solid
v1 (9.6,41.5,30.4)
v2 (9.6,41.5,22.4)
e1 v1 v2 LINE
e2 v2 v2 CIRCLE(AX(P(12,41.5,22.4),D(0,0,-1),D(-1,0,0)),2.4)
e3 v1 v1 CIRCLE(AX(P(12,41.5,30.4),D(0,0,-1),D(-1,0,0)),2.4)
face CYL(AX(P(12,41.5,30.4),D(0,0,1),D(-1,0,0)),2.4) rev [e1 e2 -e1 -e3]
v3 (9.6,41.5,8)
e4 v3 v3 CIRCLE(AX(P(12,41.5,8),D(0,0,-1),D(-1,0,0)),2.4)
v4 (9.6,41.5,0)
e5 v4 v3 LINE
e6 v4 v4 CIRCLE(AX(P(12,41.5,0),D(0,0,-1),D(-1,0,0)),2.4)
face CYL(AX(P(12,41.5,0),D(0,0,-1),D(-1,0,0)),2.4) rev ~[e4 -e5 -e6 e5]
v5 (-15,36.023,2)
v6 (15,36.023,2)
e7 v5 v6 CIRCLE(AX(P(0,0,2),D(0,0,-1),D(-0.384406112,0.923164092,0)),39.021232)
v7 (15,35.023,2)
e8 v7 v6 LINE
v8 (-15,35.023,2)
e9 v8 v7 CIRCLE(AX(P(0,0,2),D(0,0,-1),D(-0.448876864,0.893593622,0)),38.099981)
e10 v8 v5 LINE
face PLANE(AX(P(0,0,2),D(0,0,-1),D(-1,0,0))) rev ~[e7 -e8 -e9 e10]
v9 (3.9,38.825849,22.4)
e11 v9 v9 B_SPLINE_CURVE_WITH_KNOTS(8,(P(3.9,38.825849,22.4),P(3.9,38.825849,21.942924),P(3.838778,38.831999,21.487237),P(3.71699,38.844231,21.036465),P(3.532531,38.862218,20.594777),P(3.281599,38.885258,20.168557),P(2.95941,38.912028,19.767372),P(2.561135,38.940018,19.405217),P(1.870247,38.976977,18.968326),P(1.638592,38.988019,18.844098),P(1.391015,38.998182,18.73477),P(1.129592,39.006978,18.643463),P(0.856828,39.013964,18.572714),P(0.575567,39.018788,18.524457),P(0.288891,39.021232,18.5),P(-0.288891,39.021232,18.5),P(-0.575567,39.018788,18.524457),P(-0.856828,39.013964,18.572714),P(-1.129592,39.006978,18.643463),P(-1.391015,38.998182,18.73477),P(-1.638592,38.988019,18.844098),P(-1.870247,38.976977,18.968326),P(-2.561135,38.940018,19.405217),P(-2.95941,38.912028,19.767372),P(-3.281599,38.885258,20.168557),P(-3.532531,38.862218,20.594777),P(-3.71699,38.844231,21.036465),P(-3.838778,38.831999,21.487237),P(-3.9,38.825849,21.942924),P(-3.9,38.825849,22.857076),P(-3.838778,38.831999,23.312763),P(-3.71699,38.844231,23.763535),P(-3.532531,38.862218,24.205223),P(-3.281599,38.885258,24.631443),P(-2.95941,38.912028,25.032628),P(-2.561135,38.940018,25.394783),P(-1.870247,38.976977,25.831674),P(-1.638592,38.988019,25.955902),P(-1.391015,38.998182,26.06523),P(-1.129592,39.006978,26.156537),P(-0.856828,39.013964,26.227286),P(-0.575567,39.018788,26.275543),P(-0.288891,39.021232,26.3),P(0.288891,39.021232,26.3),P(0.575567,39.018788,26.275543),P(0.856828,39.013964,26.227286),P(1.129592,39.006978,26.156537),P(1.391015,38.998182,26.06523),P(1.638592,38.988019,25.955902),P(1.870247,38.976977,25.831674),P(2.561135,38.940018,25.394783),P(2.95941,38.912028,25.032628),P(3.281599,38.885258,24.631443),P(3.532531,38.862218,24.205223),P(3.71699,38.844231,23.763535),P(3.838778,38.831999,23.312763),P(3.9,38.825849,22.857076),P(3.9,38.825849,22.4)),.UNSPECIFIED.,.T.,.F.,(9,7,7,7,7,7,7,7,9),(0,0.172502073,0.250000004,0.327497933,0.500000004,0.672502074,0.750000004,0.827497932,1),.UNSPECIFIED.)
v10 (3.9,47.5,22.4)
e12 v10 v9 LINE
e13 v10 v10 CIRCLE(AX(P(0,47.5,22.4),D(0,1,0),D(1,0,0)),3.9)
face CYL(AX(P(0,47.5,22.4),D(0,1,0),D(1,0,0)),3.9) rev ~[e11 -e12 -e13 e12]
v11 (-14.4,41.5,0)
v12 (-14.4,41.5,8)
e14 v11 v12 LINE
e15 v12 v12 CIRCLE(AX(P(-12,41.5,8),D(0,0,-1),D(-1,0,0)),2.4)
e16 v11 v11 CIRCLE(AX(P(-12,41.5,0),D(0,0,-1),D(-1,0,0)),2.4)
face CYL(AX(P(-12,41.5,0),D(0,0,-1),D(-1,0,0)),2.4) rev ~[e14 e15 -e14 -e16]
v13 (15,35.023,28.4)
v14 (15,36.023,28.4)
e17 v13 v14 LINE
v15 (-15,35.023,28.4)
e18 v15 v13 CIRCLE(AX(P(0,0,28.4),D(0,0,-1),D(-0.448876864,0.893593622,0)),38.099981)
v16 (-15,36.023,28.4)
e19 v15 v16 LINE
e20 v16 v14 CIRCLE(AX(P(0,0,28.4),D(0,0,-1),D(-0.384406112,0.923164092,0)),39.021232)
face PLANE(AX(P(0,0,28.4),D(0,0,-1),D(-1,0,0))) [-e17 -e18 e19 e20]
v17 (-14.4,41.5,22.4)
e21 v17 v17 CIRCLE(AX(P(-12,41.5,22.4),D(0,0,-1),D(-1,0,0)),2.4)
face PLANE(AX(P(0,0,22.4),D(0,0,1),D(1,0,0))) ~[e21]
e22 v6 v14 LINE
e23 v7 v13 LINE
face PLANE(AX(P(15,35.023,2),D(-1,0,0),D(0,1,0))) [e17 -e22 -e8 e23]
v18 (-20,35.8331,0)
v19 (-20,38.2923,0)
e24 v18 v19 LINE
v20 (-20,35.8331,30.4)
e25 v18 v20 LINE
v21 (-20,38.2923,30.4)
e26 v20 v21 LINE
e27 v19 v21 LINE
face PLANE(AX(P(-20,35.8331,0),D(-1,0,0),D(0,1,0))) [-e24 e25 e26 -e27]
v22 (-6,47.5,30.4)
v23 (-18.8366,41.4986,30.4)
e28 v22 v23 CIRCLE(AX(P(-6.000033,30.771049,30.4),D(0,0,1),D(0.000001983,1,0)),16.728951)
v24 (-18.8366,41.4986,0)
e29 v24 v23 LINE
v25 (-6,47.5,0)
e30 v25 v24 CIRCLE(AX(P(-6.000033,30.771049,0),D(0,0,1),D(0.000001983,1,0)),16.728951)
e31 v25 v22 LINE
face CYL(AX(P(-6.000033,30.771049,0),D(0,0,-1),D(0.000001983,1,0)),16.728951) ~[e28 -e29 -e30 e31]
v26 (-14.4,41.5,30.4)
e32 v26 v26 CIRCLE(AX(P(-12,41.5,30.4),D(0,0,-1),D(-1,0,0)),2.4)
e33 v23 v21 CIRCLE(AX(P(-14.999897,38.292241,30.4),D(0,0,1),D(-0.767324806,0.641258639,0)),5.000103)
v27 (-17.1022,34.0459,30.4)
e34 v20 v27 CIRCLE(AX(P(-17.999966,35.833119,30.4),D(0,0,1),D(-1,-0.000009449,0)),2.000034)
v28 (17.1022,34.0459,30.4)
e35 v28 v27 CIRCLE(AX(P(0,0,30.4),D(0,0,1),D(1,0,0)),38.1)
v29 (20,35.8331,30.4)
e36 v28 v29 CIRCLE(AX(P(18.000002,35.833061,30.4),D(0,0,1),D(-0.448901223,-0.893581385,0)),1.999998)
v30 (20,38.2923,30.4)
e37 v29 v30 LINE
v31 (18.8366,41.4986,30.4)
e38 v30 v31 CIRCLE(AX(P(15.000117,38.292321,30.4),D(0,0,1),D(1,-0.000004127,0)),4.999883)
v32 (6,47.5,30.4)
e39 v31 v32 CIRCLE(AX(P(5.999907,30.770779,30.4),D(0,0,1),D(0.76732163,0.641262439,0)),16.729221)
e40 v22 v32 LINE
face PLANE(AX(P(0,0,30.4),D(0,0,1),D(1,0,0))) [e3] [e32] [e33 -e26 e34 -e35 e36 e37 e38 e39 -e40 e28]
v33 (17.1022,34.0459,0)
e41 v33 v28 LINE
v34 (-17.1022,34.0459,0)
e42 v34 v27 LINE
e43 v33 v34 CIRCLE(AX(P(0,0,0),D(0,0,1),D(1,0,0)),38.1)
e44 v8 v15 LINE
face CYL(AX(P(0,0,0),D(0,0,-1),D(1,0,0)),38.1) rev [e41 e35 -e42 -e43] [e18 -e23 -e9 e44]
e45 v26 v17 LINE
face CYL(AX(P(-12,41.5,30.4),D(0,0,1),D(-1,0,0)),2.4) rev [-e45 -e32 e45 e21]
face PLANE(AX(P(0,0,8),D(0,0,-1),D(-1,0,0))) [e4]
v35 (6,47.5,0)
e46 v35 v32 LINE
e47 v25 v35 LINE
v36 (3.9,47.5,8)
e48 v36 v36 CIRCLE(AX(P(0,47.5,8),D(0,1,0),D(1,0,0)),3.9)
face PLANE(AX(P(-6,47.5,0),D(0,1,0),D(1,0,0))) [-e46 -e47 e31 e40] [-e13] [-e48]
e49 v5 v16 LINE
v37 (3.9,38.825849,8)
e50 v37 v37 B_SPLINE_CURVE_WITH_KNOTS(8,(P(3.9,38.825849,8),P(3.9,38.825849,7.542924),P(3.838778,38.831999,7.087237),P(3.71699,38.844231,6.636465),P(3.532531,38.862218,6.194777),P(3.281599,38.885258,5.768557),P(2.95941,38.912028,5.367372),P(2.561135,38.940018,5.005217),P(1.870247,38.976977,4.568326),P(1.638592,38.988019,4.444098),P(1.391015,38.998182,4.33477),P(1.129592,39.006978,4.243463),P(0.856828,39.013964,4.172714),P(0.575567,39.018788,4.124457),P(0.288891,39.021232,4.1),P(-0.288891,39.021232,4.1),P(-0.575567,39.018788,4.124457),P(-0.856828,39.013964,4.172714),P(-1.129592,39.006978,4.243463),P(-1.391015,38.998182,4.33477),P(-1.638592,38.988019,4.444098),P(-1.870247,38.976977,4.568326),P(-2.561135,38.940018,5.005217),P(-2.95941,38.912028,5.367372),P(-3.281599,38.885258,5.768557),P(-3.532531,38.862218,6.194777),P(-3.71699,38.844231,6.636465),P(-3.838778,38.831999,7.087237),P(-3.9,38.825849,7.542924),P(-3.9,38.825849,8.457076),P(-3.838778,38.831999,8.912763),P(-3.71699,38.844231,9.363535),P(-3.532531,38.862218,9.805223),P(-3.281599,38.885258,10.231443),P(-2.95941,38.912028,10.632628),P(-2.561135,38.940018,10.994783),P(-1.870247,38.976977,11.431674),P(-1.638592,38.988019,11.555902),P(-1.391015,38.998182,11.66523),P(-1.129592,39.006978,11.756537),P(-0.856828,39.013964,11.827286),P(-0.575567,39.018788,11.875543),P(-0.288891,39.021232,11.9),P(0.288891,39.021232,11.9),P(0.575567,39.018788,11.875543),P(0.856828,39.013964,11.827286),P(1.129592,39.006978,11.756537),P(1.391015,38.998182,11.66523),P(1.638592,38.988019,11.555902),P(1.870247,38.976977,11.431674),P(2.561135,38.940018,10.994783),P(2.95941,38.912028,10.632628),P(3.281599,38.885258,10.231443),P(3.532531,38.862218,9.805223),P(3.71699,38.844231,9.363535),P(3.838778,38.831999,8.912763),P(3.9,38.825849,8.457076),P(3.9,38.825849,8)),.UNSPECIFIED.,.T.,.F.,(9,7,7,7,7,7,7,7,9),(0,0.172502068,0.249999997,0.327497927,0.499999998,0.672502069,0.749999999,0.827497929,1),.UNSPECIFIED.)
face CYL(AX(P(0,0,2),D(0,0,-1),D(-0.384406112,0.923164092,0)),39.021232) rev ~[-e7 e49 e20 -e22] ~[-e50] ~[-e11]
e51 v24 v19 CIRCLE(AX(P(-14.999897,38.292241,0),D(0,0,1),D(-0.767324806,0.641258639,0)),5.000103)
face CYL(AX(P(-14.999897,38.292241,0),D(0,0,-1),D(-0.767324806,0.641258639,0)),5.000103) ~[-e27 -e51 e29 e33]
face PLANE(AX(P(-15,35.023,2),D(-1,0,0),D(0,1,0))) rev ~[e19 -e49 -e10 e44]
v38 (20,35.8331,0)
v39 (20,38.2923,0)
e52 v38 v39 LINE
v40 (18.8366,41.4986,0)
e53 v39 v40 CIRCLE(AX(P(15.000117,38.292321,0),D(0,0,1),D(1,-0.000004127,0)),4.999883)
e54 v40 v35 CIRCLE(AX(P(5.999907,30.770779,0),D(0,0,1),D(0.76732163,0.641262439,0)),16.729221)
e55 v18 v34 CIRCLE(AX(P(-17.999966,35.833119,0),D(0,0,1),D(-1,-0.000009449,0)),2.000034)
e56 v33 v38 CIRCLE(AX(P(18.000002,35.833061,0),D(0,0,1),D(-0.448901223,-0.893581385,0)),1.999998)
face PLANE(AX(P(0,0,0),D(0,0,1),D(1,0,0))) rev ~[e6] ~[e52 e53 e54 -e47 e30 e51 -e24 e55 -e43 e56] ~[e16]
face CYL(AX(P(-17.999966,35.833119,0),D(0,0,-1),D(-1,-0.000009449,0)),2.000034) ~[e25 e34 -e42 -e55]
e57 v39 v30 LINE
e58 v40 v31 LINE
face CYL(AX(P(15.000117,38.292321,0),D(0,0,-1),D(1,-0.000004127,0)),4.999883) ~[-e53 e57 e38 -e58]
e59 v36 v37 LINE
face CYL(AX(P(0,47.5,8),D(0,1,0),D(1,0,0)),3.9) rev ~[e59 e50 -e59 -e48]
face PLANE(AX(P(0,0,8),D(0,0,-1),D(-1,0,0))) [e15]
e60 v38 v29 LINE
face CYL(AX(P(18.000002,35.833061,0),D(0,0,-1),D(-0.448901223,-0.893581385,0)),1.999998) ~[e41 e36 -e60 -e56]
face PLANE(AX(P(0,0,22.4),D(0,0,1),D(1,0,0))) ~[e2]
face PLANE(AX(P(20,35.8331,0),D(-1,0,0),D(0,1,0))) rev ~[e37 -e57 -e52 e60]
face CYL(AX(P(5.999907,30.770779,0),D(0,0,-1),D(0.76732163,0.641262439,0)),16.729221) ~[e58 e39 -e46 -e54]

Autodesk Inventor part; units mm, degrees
ref_plane "YZ Plane" through (0, 0, 0) normal (1, 0, 0) x (0, 1, 0)
sketch "Sketch1" plane through (0, 0, 0) normal (0, 0, 1) x (1, 0, 0)
  circle A0 centre (0, 0) radius 37.5 construction
  circle A1 centre (0, 0) radius 38.1
  line L0 (0, 0) -> (0, 82.8508) construction
  line L1 (-6, 47.5) -> (6, 47.5)
  line L2 (20, 35.8331) -> (20, 38.2923)
  line L3 (-20, 35.8331) -> (-20, 38.2923)
  arc A2 (-6, 47.5) -> (-18.8366, 41.4986) centre (-6, 30.7709) ccw
  arc A3 (18.8366, 41.4986) -> (6, 47.5) centre (6, 30.7709) ccw
  arc A4 (-18.8366, 41.4986) -> (-20, 38.2923) centre (-15, 38.2923) ccw
  arc A5 (20, 38.2923) -> (18.8366, 41.4986) centre (15, 38.2923) ccw
  arc A6 (17.1022, 34.0459) -> (-17.1022, 34.0459) centre (0, 0) ccw
  arc A7 (-20, 35.8331) -> (-17.1022, 34.0459) centre (-18, 35.8331) ccw
  arc A8 (17.1022, 34.0459) -> (20, 35.8331) centre (18, 35.8331) ccw
  point P0 (20, 32.4285)
  point P1 (20, 39.9285)
  point P2 (-20, 32.4285)
  point P3 (-20, 39.9285)
  point P4 (-17.1022, 34.0459)
  dimension "d0" = 75
  dimension "d1" = 0.6
  dimension "d22" = 12
  dimension "d23" = 6
  dimension "d24" = 47.5
  dimension "d25" = 7.5
  dimension "d26" = 7.5
  dimension "d27" = 40
  dimension "d28" = 20
  dimension "d29" = 5
  dimension "d30" = 2
extrude "Extrusion1" add sketch "Sketch1" along normal blind 30.4 contours A1 A7 L3 A4 A2 L1 A3 A5 L2 A8
sketch "Sketch2" plane through (-6, 47.5, 0) normal (0, 1, 0) x (1, 0, 0)
  line L0 (12, -30.4) -> (0, -30.4) projected
  line L1 (12, 0) -> (12, -30.4) projected
  line L2 (0, -30.4) -> (16.9706, -30.4) construction
  line L3 (12, -30.4) -> (24.8366, -30.4) projected
  line L4 (0, 0) -> (0, -30.4) projected
  line L5 (23.1022, 0) -> (-11.1022, 0) projected
  circle A0 centre (6, -22.4) radius 3.9
  circle A1 centre (6, -8) radius 3.9
  point P0 (6, 0)
  dimension "d34" = 7.8
  dimension "d35" = 7.8
  dimension "d38" = 12
  dimension "d39" = 6
  dimension "d40" = 6
  dimension "d41" = 8
  dimension "d42" = 8
extrude "Extrusion2" cut sketch "Sketch2" against normal blind 15 contours A0 | A1
ref_plane "Work Plane1" through (0, 0, 2) normal (0, 0, -1) x (-1, 0, 0)
sketch "Sketch3" plane through (0, 0, 2) normal (0, 0, -1) x (-1, 0, 0)
  arc A0 (17.1022, 34.0459) -> (-17.1022, 34.0459) centre (0, 0) ccw projected
  line L0 (-15, 35.023) -> (-15, 36.023)
  line L1 (15, 35.023) -> (15, 36.023)
  line L2 (0, 0) -> (0, 39.8883) construction
  arc A1 (15, 36.023) -> (-15, 36.023) centre (0, 0) ccw
  dimension "d44" = 1
  dimension "d45" = 30
  dimension "d46" = 15
extrude "Extrusion3" cut sketch "Sketch3" against normal blind 26.4
sketch "Sketch4" plane through (0, 0, 0) normal (0, 0, -1) x (-1, 0, 0)
  line L0 (-6, 47.5) -> (6, 47.5)
  circle A0 centre (-12, 41.5) radius 2.4
  line L1 (-6, 47.5) -> (6, 47.5) projected
  circle A1 centre (12, 41.5) radius 2.4
  point P0 (0, 0)
  dimension "d52" = 4.8
  dimension "d53" = 12
  dimension "d54" = 6
  dimension "d55" = 4.8
  dimension "d56" = 12
  dimension "d57" = 6
extrude "Extrusion4" cut sketch "Sketch4" against normal blind 8
ref_plane "Work Plane2" through (0, 0, 15.2) normal (0, 0, -1) x (-1, 0, 0)
mirror "Mirror1" about plane through (0, 0, 15.2) normal (0, 0, -1) of "Extrusion4"
equation "\"d23\" = 0.5 * d22"
equation "\"d28\" = 0.5 * d27"
equation "\"d35\" = d34"
equation "\"d39\" = 0.5 * d38"
equation "\"d40\" = 0.5 * d38"
equation "\"d42\" = d41"
equation "\"d46\" = 0.5 * d45"
equation "\"d56\" = d53"
equation "\"d57\" = d54"
properties part number "PipeHolder" material "ABS Plastic"
